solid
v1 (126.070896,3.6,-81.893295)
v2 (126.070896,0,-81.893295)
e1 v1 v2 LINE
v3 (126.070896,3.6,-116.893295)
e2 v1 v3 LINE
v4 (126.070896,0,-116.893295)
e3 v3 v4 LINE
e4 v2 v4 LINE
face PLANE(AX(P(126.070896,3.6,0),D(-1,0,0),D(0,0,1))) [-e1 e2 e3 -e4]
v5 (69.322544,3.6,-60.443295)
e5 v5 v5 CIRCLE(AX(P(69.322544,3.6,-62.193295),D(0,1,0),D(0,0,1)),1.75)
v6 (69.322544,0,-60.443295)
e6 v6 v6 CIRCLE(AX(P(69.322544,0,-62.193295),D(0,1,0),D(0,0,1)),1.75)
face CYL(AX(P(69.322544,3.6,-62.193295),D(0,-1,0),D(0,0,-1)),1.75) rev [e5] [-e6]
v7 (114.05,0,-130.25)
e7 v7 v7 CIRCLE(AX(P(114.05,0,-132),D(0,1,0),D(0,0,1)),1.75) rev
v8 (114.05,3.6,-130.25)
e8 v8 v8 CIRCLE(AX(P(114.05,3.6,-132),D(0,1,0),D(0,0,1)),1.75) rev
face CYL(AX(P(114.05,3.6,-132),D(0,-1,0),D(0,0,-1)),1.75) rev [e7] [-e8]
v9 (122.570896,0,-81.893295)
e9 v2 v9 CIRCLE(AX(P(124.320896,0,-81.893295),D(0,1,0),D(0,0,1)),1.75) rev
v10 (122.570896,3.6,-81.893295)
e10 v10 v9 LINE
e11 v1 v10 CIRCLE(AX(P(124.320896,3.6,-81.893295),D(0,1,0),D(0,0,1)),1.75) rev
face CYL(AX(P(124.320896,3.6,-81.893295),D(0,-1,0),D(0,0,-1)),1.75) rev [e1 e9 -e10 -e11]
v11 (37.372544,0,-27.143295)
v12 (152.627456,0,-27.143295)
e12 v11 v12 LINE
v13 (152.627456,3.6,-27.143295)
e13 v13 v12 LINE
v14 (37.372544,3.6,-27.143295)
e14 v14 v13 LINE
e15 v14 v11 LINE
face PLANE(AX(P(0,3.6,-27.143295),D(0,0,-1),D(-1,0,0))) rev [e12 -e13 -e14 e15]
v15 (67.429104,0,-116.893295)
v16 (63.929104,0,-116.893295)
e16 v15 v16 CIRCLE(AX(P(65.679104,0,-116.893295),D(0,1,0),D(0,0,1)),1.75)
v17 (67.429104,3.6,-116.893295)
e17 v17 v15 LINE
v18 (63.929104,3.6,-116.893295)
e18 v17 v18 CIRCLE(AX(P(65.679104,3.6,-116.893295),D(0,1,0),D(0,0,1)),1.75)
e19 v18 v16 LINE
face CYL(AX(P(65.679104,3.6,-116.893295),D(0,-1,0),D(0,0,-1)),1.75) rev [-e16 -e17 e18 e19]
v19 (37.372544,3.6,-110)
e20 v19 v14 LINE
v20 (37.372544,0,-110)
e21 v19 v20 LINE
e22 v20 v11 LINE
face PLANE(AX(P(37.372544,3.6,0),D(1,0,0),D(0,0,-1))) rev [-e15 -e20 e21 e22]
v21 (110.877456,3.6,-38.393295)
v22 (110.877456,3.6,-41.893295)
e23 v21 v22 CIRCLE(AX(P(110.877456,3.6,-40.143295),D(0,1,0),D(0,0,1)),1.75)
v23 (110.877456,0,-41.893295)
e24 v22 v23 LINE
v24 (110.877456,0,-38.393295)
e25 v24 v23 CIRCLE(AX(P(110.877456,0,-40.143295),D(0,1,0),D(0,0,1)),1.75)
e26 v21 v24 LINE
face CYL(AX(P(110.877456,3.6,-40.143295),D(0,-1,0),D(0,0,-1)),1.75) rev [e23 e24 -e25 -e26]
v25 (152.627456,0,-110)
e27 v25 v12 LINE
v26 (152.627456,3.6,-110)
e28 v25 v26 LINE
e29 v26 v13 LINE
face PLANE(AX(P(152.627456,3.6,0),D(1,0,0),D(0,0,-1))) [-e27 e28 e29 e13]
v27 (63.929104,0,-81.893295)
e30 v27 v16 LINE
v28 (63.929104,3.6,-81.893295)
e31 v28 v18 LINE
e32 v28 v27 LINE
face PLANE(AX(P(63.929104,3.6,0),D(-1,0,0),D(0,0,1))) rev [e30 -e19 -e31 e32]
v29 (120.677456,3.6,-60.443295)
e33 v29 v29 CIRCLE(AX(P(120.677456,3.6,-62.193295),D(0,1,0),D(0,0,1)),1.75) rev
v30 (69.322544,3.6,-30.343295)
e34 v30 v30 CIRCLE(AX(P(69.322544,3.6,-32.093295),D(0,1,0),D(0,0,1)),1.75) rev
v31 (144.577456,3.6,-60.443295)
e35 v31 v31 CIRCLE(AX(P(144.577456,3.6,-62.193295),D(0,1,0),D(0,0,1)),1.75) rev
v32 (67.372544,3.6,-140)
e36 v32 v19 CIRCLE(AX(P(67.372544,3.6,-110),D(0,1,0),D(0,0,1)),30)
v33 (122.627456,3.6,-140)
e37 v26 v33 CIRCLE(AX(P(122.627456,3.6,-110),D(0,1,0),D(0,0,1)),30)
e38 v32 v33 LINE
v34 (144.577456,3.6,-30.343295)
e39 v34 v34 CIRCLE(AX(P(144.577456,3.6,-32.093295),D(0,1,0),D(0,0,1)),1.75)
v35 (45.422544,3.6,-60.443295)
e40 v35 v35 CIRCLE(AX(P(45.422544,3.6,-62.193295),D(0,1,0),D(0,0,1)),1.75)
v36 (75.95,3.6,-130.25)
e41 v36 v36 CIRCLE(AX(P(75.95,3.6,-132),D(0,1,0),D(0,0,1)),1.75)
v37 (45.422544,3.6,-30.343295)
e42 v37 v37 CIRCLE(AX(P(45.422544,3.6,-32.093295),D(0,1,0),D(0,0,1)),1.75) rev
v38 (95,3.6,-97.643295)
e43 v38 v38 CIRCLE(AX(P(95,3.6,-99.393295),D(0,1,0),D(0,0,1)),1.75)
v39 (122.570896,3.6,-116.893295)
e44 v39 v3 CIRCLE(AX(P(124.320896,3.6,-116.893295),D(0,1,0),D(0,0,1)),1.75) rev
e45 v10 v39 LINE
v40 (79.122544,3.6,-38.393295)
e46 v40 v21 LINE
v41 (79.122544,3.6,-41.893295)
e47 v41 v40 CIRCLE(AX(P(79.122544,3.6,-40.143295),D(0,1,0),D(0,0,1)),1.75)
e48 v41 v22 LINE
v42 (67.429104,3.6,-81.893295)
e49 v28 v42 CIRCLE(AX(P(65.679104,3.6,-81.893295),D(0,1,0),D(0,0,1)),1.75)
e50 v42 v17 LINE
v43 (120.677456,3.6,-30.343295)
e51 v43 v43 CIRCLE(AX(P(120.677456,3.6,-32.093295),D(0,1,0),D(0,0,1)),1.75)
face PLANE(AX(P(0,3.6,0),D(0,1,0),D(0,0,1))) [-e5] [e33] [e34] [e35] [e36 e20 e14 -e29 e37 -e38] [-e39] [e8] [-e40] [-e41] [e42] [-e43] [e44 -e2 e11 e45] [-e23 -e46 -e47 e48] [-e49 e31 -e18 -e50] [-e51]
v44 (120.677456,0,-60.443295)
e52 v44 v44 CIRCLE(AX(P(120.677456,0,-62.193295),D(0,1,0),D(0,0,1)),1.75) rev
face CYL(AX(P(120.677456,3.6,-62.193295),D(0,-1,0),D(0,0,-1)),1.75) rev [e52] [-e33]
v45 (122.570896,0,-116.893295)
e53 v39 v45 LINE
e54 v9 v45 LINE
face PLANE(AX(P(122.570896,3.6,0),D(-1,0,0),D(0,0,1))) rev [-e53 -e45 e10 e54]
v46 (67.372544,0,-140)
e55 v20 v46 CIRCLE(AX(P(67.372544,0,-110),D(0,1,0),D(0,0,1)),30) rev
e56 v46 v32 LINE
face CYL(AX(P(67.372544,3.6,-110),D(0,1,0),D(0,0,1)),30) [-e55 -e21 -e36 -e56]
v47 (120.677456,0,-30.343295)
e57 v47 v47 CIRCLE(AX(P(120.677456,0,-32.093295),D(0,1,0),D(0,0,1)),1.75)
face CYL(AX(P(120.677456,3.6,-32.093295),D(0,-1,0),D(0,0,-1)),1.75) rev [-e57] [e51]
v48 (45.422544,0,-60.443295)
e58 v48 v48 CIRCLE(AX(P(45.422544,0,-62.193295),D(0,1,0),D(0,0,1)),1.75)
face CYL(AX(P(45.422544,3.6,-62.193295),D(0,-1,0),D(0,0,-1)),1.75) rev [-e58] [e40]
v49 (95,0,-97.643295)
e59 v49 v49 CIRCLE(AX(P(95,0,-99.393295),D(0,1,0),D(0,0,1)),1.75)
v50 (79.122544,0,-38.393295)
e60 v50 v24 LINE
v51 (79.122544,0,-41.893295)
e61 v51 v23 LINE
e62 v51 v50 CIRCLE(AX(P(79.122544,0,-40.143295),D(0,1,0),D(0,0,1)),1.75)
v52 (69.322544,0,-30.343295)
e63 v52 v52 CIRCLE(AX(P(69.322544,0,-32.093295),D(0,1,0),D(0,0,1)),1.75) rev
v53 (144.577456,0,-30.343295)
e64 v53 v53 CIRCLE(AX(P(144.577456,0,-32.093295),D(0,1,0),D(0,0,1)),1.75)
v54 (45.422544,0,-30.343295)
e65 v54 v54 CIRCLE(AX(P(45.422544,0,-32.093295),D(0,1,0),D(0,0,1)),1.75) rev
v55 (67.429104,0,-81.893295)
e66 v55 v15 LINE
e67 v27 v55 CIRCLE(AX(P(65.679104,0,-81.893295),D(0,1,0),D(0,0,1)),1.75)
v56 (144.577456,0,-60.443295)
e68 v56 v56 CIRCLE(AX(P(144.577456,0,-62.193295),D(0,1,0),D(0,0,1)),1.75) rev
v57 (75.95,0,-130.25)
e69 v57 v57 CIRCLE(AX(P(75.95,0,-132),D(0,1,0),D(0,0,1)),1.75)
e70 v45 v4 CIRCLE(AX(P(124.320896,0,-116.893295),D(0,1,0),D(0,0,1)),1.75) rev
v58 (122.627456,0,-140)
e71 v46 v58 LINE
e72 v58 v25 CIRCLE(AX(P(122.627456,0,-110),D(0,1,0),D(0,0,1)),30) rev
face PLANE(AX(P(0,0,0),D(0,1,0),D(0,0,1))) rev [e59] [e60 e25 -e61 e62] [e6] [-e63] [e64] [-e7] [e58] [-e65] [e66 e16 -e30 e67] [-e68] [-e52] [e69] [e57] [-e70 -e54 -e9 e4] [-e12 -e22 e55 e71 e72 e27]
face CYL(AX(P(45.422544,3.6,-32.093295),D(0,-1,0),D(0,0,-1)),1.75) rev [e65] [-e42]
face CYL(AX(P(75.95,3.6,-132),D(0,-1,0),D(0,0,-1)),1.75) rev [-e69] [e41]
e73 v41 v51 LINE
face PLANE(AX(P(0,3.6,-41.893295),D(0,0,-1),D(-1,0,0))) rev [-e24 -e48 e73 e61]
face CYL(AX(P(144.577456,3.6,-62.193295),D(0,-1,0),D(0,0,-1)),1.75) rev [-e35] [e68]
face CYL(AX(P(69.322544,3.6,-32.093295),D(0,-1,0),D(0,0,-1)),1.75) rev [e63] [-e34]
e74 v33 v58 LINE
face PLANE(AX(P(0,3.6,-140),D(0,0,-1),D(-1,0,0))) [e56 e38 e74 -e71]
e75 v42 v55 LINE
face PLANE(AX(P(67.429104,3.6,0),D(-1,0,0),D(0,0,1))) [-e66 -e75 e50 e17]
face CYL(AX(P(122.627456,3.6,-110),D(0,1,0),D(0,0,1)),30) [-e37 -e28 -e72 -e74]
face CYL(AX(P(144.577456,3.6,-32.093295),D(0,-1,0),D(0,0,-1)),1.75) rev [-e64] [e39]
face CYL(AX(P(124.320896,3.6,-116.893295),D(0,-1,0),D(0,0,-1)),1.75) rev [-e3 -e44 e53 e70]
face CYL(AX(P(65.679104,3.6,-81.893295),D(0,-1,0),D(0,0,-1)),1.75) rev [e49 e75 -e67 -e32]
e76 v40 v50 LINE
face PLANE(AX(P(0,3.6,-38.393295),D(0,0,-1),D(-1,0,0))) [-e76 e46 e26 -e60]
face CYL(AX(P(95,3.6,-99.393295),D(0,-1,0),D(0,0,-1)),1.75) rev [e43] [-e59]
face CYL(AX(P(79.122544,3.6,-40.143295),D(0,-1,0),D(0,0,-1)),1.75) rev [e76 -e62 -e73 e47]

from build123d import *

# Parameters (mm, degrees)
SKETCH_6_W      = 115.2549118
SKETCH_6_H      = 112.856705034
SKETCH_6_R      = 1.75
EXTRUDE_1_DEPTH = 3.6
FILLET_2_R      = 30
FILLET_3_R      = 30


with BuildPart() as part:
    # 草图6 → 凸台-拉伸1 (new body)
    with BuildSketch(Plane(origin=(0, 0, 0), x_dir=(1, 0, 0), z_dir=(0, 1, 0))):
        with Locations((95, 83.571647483)):
            Rectangle(SKETCH_6_W, SKETCH_6_H)
        with BuildLine():
            Line((79.1225441, 41.893294966), (110.8774559, 41.893294966))
            ThreePointArc((110.8774559, 41.893294966), (112.6274559, 40.143294966), (110.8774559, 38.393294966))
            Line((110.8774559, 38.393294966), (79.1225441, 38.393294966))
            ThreePointArc((79.1225441, 38.393294966), (77.3725441, 40.143294966), (79.1225441, 41.893294966))
        make_face(mode=Mode.SUBTRACT)
        with Locations((45.4225441, 32.093294966)):
            Circle(SKETCH_6_R, mode=Mode.SUBTRACT)
        with Locations((69.3225441, 32.093294966)):
            Circle(SKETCH_6_R, mode=Mode.SUBTRACT)
        with Locations((45.4225441, 62.193294966)):
            Circle(SKETCH_6_R, mode=Mode.SUBTRACT)
        with Locations((69.3225441, 62.193294966)):
            Circle(SKETCH_6_R, mode=Mode.SUBTRACT)
        with Locations((120.6774559, 32.093294966)):
            Circle(SKETCH_6_R, mode=Mode.SUBTRACT)
        with Locations((144.5774559, 32.093294966)):
            Circle(SKETCH_6_R, mode=Mode.SUBTRACT)
        with Locations((120.6774559, 62.193294966)):
            Circle(SKETCH_6_R, mode=Mode.SUBTRACT)
        with Locations((144.5774559, 62.193294966)):
            Circle(SKETCH_6_R, mode=Mode.SUBTRACT)
        with BuildLine():
            ThreePointArc((67.429104265, 81.893294966), (65.679104265, 80.143294966), (63.929104265, 81.893294966))
            Line((63.929104265, 81.893294966), (63.929104265, 116.893294966))
            ThreePointArc((63.929104265, 116.893294966), (65.679104265, 118.643294966), (67.429104265, 116.893294966))
            Line((67.429104265, 116.893294966), (67.429104265, 81.893294966))
        make_face(mode=Mode.SUBTRACT)
        with Locations((95, 99.393294966)):
            Circle(SKETCH_6_R, mode=Mode.SUBTRACT)
        with Locations((75.95, 132)):
            Circle(SKETCH_6_R, mode=Mode.SUBTRACT)
        with BuildLine():
            Line((126.070895735, 116.893294966), (126.070895735, 81.893294966))
            ThreePointArc((126.070895735, 81.893294966), (124.320895735, 80.143294966), (122.570895735, 81.893294966))
            Line((122.570895735, 81.893294966), (122.570895735, 116.893294966))
            ThreePointArc((122.570895735, 116.893294966), (124.320895735, 118.643294966), (126.070895735, 116.893294966))
        make_face(mode=Mode.SUBTRACT)
        with Locations((114.05, 132)):
            Circle(SKETCH_6_R, mode=Mode.SUBTRACT)
    extrude(amount=EXTRUDE_1_DEPTH)

    # 圆角2
    fillet_2_edges = [part.edges().sort_by_distance(p)[0] for p in [
        (37.3725441, 1.8, -140),
    ]]
    fillet(fillet_2_edges, radius=FILLET_2_R)

    # 圆角3
    fillet_3_edges = [part.edges().sort_by_distance(p)[0] for p in [
        (152.6274559, 1.8, -140),
    ]]
    fillet(fillet_3_edges, radius=FILLET_3_R)


solid = part.part
